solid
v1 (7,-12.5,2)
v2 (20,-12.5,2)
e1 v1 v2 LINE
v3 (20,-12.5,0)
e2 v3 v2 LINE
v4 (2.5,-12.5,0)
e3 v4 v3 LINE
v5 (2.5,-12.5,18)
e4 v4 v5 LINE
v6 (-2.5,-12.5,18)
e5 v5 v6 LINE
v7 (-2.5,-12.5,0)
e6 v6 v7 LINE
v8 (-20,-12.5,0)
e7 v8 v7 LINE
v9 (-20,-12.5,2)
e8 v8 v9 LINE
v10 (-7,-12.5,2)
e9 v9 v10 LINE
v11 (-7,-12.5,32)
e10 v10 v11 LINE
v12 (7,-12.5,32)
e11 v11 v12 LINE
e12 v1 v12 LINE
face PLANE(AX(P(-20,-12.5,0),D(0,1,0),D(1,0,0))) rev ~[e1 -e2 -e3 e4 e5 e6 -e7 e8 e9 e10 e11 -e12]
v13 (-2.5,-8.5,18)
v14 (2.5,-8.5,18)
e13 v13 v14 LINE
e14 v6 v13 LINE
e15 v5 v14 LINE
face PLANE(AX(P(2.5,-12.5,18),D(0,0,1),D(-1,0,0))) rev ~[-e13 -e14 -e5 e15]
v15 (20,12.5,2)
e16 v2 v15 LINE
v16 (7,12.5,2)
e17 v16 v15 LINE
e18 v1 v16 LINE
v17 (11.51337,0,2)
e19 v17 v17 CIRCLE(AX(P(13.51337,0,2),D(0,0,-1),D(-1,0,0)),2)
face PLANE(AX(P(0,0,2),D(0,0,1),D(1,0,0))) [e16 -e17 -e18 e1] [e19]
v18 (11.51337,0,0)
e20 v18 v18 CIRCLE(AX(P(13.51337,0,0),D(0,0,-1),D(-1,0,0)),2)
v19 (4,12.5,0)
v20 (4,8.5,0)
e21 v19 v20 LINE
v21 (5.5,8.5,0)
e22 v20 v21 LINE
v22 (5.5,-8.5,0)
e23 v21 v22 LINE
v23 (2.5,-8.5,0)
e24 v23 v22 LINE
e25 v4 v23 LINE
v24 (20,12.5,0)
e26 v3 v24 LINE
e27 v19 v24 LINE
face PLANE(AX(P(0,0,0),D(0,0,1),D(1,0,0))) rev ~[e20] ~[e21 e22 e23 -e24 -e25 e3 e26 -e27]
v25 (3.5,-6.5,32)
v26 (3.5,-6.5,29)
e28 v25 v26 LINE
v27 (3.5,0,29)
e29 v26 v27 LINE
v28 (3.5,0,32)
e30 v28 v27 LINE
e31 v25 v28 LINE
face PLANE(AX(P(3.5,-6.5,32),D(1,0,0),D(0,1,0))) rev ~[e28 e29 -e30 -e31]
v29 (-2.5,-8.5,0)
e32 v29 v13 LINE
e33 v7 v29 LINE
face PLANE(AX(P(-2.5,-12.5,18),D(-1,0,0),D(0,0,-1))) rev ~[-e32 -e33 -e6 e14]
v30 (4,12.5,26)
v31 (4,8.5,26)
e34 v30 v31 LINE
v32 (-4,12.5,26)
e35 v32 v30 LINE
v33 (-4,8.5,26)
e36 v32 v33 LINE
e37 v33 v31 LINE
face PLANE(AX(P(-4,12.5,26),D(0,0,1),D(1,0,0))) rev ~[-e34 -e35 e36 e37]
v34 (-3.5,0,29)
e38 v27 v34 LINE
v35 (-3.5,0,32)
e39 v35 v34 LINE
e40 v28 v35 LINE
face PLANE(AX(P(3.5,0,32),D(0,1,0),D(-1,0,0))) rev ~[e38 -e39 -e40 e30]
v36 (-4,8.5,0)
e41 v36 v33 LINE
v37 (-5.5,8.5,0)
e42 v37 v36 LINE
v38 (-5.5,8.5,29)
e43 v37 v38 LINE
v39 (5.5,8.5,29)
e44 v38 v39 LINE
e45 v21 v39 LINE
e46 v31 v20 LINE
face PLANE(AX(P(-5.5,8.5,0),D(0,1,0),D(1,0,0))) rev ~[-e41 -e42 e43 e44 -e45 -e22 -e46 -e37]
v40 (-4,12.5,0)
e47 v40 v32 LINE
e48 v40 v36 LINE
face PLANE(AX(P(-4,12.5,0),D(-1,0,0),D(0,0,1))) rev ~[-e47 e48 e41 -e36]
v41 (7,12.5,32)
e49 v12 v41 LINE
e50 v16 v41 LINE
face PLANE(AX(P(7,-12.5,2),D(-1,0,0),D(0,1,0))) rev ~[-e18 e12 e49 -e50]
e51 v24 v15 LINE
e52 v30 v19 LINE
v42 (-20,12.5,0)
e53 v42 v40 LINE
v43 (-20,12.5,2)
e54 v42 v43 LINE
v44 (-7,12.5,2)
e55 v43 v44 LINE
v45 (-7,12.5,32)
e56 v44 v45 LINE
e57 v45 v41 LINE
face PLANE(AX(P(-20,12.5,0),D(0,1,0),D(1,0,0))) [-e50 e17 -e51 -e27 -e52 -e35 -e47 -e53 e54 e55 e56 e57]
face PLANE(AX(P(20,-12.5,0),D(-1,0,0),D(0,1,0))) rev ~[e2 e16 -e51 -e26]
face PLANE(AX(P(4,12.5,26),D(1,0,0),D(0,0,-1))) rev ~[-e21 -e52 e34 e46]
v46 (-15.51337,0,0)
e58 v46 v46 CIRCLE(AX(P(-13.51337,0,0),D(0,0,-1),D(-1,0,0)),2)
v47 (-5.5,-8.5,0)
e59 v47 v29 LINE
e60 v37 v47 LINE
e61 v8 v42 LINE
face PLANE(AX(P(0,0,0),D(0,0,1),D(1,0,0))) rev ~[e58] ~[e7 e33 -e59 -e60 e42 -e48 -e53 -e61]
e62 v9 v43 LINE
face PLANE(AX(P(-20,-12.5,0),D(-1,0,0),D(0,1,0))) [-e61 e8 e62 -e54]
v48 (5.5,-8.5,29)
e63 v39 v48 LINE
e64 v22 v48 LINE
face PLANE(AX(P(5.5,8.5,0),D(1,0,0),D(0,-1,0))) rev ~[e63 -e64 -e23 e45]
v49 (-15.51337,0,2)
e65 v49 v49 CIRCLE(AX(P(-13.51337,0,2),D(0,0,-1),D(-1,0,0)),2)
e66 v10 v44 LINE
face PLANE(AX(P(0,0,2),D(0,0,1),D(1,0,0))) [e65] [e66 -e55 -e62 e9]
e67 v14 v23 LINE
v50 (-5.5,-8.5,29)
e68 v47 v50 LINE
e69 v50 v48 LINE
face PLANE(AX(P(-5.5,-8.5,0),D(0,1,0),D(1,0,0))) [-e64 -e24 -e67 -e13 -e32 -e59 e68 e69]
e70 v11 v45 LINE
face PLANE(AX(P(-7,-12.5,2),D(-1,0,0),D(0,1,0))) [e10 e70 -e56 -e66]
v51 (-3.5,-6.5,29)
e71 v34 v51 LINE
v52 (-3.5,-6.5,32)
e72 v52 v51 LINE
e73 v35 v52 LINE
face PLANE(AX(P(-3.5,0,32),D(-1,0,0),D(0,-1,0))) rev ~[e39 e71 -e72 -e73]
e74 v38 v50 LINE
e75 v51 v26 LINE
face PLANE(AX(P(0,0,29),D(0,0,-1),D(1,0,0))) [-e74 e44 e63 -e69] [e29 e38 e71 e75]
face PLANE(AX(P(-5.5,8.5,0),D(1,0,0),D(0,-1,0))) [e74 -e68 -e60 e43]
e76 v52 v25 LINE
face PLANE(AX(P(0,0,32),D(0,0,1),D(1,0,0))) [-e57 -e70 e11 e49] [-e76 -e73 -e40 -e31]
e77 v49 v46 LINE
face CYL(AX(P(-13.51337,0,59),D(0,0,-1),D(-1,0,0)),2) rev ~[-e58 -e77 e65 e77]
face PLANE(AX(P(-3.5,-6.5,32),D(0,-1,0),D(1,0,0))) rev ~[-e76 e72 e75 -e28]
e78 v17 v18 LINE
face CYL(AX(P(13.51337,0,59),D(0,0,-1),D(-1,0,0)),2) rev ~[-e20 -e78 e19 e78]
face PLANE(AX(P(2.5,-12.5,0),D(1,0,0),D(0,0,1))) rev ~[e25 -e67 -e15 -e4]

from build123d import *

# Parameters (mm, degrees)
F0_W      = 40
F0_H      = 25
F1_DEPTH  = 2
F2_W      = 14
F2_H      = 25
F3_DEPTH  = 30
F5_D      = 4
F6_W      = 11
F6_H      = 17
F7_DEPTH  = 29
F9_DEPTH  = 3
F11_DEPTH = 5
F13_DEPTH = 5


with BuildPart() as f1:
    # F0 (on Top) → F1 (new body)
    with BuildSketch(Plane.XY):
        Rectangle(F0_W, F0_H)
    extrude(amount=F1_DEPTH)

    # F2 (on face) → F3 (join)
    with BuildSketch(Plane.XY.offset(2)):
        Rectangle(F2_W, F2_H)
    extrude(amount=F3_DEPTH)

    # F5 (through all)
    with Locations(Plane.XY.offset(2)):
        with Locations((13.51337, 0), (-13.51337, 0)):
            Hole(F5_D / 2)

    # F6 (on face) → F7 (cut)
    with BuildSketch(Plane(origin=(0, 0, 0), x_dir=(1, 0, 0), z_dir=(0, 0, -1))):
        Rectangle(F6_W, F6_H)
    extrude(amount=-F7_DEPTH, mode=Mode.SUBTRACT)

    # F8 (on face) → F9 (cut)
    with BuildSketch(Plane.XY.offset(32)):
        Polygon((-3.5, -6.5), (0, -6.5), (3.5, -6.5), (3.5, 0), (-3.5, 0), align=None)
    extrude(amount=-F9_DEPTH, mode=Mode.SUBTRACT)

    # F10 (on face) → F11 (cut)
    with BuildSketch(Plane.XZ.offset(12.5)):
        Polygon((-2.5, 0), (0, 0), (2.5, 0), (2.5, 18), (-2.5, 18), align=None)
    extrude(amount=-F11_DEPTH, mode=Mode.SUBTRACT)

    # F12 (on face) → F13 (cut)
    with BuildSketch(Plane(origin=(0, 12.5, 0), x_dir=(-1, 0, 0), z_dir=(0, 1, 0))):
        Polygon((-4, 0), (0, 0), (4, 0), (4, 26), (0, 26), (-4, 26), align=None)
    extrude(amount=-F13_DEPTH, mode=Mode.SUBTRACT)


solid = f1.part
